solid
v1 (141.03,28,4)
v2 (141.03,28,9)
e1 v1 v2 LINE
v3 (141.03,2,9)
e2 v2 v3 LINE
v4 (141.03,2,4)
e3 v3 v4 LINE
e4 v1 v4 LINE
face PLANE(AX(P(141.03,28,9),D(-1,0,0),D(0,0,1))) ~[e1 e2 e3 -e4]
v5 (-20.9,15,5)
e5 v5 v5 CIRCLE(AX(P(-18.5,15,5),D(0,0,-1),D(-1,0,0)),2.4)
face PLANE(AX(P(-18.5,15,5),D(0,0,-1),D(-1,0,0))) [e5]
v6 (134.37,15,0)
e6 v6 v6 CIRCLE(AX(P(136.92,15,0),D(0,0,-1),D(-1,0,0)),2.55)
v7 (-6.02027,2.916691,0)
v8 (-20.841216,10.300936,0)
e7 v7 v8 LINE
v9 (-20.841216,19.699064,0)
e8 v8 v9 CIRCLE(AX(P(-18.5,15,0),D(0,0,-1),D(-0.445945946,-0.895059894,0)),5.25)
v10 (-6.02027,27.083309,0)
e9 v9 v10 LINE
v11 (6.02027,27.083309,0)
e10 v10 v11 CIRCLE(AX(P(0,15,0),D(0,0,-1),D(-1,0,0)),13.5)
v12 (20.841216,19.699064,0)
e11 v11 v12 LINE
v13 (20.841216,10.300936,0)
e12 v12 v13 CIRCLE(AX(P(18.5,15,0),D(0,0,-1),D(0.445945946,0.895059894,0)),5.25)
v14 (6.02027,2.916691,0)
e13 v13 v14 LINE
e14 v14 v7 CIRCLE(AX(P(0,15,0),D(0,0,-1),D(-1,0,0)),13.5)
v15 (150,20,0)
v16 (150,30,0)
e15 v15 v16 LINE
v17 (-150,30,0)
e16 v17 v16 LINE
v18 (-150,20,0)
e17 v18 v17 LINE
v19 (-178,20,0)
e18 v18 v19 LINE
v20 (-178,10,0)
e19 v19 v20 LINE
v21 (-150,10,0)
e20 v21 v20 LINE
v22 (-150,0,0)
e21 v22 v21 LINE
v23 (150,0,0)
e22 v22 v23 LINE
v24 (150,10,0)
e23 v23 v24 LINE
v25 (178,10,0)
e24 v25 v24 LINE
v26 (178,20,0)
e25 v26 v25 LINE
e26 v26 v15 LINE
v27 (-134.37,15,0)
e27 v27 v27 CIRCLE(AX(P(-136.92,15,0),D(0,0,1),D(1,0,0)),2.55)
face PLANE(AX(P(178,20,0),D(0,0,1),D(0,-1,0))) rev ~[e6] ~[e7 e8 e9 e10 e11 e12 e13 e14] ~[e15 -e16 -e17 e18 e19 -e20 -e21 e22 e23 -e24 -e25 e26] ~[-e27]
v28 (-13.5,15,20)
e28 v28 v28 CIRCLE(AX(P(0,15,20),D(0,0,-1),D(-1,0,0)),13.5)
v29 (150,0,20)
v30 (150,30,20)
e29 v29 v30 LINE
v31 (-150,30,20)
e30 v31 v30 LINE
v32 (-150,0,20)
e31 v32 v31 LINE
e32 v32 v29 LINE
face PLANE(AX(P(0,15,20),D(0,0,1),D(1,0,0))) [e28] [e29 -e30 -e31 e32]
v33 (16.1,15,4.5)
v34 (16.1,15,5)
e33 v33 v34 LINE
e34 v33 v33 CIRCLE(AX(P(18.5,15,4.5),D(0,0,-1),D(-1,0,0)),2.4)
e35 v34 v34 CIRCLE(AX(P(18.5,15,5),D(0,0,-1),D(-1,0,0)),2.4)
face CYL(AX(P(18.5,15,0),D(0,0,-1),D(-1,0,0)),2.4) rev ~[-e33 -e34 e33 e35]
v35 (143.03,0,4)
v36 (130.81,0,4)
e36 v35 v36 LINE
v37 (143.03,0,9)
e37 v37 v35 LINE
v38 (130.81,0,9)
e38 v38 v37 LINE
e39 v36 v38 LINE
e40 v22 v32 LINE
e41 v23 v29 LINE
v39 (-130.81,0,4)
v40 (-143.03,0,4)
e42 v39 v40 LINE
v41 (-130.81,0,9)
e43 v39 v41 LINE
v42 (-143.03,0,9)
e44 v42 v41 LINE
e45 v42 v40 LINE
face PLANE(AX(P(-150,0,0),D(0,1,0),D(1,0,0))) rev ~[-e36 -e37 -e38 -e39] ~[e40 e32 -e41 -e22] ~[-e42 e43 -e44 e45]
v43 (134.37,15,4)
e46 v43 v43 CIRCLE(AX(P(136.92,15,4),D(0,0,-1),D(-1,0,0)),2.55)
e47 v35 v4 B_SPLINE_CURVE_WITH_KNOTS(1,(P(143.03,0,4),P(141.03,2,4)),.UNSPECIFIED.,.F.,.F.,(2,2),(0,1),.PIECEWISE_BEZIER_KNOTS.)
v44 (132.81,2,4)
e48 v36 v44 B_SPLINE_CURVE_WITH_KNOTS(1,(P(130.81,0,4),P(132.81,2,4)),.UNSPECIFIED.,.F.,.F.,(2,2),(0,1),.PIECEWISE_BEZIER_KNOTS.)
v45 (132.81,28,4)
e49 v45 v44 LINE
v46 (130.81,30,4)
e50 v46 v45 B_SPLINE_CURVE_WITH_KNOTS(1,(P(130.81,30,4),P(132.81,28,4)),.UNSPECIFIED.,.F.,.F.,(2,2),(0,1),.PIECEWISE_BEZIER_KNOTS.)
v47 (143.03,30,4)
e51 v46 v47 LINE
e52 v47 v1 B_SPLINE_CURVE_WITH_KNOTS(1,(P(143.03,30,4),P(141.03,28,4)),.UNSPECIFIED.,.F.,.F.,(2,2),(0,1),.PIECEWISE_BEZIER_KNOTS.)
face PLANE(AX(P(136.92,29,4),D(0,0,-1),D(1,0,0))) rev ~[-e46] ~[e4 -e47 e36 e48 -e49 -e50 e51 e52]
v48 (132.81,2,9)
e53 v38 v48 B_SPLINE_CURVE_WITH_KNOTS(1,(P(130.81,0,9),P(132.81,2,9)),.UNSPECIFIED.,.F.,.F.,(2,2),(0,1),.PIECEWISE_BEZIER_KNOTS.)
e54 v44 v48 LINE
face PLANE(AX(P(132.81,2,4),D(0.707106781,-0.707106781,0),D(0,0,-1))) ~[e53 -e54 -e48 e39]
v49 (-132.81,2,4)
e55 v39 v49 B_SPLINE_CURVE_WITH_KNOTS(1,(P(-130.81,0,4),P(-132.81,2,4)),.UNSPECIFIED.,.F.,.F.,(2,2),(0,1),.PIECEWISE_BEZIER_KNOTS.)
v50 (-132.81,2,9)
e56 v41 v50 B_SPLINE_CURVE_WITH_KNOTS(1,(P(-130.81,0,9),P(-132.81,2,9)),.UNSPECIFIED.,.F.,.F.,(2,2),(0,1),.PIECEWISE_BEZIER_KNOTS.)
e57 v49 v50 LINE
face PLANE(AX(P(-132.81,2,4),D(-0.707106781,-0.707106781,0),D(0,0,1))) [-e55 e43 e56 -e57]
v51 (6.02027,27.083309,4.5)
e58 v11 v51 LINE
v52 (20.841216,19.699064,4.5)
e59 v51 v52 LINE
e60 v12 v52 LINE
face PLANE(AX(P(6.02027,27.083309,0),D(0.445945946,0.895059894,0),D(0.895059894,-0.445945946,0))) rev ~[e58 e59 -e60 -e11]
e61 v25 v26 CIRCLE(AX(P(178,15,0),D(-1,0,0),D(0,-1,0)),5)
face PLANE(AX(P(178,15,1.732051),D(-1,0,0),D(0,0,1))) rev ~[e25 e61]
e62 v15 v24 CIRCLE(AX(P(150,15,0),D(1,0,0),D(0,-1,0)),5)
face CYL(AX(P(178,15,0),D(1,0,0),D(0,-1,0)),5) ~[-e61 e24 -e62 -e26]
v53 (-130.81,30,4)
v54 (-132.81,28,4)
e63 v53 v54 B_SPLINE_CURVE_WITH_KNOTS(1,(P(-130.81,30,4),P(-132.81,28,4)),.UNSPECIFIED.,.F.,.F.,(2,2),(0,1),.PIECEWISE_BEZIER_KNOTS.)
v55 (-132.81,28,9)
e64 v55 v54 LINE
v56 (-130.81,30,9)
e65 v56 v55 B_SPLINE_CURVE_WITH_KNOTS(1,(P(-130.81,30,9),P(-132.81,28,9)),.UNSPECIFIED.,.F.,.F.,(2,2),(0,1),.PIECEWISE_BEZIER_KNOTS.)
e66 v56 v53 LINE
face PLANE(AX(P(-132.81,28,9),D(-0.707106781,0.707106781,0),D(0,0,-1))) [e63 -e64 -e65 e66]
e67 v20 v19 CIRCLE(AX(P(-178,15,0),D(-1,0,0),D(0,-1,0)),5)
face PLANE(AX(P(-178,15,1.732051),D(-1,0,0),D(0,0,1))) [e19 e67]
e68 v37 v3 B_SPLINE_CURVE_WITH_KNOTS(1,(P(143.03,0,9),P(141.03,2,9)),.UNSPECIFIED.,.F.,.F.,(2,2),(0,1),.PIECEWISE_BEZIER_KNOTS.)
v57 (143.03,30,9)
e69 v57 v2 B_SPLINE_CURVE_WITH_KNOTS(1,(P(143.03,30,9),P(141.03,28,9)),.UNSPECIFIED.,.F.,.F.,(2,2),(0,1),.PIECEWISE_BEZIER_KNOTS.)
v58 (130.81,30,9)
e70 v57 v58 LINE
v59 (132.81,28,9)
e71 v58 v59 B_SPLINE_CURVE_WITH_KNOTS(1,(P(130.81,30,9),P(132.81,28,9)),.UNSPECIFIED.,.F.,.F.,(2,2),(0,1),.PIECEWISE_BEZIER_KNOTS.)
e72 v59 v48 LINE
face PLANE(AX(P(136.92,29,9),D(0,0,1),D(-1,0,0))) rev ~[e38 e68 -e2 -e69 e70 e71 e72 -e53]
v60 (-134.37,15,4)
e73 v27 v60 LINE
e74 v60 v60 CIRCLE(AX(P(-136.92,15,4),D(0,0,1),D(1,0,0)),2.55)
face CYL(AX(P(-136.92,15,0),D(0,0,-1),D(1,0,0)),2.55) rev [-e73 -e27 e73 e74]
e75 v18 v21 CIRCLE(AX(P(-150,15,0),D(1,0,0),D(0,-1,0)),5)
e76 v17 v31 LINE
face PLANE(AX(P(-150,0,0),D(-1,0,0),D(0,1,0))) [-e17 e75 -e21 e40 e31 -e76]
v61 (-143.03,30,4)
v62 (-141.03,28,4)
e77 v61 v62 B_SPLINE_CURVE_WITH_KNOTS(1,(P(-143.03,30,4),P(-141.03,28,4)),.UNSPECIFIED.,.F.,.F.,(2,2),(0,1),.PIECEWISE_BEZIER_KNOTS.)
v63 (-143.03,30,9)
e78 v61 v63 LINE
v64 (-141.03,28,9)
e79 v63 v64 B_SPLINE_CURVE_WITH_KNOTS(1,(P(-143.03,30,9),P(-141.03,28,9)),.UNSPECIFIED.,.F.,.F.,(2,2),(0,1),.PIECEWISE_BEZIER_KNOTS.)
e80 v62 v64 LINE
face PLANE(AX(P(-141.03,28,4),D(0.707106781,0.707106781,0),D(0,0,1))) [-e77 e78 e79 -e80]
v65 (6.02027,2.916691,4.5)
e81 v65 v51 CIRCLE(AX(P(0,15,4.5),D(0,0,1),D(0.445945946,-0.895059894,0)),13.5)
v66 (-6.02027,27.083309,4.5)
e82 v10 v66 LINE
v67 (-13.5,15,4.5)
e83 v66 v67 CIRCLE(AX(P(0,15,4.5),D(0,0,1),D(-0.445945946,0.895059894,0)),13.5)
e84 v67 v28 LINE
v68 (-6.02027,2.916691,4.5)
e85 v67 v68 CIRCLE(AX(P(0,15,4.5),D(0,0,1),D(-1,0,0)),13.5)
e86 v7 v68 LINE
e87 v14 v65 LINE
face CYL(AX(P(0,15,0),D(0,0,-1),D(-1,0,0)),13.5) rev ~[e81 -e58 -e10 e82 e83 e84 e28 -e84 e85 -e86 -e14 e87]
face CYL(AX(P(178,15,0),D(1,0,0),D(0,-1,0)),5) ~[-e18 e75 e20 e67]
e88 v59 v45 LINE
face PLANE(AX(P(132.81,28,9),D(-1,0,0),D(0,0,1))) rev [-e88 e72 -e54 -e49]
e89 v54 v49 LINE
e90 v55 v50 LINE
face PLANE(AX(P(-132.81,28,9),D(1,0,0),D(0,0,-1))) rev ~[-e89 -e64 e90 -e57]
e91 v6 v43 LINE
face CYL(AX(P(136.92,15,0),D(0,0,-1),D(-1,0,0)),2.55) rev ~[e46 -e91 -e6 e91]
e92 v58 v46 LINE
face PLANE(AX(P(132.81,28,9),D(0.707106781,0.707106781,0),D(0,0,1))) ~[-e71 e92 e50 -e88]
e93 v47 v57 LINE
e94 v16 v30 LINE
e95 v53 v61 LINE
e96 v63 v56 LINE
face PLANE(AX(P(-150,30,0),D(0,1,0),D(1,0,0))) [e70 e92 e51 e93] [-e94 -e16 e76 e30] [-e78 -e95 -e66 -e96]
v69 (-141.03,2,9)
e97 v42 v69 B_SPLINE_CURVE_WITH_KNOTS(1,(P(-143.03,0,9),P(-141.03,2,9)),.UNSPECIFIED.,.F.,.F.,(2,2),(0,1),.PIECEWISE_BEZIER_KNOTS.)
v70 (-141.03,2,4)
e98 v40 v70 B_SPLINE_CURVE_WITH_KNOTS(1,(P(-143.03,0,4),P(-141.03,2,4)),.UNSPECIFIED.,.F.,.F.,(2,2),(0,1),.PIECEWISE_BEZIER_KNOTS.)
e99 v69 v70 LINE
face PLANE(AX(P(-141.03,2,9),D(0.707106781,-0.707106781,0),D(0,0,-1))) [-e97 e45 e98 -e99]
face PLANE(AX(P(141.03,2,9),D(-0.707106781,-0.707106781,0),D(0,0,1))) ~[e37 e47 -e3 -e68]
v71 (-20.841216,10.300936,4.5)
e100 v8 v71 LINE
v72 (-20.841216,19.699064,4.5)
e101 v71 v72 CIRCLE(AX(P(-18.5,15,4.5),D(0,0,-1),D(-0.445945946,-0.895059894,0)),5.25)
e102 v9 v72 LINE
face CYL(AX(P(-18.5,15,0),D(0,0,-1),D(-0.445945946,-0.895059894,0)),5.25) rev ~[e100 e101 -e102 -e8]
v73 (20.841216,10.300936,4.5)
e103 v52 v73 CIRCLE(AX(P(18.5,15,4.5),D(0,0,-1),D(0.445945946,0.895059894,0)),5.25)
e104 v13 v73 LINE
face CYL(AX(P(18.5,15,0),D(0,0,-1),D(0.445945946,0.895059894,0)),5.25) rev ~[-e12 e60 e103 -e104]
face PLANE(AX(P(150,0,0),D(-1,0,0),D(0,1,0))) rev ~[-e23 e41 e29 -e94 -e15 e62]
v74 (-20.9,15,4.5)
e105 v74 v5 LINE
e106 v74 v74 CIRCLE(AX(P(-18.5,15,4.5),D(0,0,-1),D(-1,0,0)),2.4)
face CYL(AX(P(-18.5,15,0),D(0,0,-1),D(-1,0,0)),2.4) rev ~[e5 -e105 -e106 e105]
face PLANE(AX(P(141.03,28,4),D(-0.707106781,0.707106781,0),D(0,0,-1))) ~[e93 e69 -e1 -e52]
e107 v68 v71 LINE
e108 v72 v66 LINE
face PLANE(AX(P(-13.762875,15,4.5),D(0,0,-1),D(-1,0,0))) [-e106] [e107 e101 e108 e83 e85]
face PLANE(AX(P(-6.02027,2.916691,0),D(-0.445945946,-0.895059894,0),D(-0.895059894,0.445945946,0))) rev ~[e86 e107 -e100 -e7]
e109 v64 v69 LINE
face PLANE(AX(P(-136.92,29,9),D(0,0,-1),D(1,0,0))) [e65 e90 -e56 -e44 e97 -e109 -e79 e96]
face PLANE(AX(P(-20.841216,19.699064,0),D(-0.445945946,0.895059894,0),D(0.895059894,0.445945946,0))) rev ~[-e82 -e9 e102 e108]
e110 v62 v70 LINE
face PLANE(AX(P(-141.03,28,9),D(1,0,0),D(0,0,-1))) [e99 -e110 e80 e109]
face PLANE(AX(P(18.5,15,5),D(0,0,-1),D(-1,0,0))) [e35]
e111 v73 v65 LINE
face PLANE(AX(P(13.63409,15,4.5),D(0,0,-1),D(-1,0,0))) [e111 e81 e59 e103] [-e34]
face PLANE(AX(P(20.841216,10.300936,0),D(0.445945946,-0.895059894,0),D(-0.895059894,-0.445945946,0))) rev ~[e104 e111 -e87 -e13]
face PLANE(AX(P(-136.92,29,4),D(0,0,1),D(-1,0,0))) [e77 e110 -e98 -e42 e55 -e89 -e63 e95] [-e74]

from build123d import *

# Parameters (mm, degrees)
SKETCH_1_W           = 300
SKETCH_1_H           = 30
EXTRUDE_1_DEPTH      = 20
EXTRUDE_2_DEPTH      = 28
EXTRUDE_2_DEPTH_BACK = 328
SKETCH_3_R           = 4
CUT_EXTRUDE_1_DEPTH  = 182.614977356
SKETCH_3_3_R         = 6
SKETCH_3_3_R_2       = 4
CUT_EXTRUDE_2_DEPTH  = 182.614977356
SKETCH_3_4_R         = 13.5
SKETCH_3_4_R_2       = 6
CUT_EXTRUDE_3_DEPTH  = 182.614977356
SKETCH_3_5_R         = 2.4
CUT_EXTRUDE_4_DEPTH  = 4.5
SKETCH_3_6_R         = 2.4
CUT_EXTRUDE_5_DEPTH  = 5
SKETCH_9_W           = 8.22
SKETCH_9_H           = 5
CUT_EXTRUDE_6_DEPTH  = 182.295339172
CUT_EXTRUDE_7_REACH  = 183.615
SKETCH_11_R          = 2.55


with BuildPart() as part:
    # 草图1 → 凸台-拉伸1 (new body)
    with BuildSketch(Plane.XY):
        with Locations((0, 15)):
            Rectangle(SKETCH_1_W, SKETCH_1_H)
    extrude(amount=EXTRUDE_1_DEPTH)

    # 草图2 → 凸台-拉伸2 (add, two sides: drawn at the far end of the back side and taken through both)
    with BuildSketch(Plane.ZY.offset(150).offset(-EXTRUDE_2_DEPTH_BACK)):
        with BuildLine():
            Line((0, 20), (0, 10))
            ThreePointArc((0, 10), (5, 15), (0, 20))
        make_face()
    extrude(amount=EXTRUDE_2_DEPTH + EXTRUDE_2_DEPTH_BACK)

    # 草图3 → 切除-拉伸1 (cut, through all)
    with BuildSketch(Plane(origin=(0, 0, 0), x_dir=(-1, 0, 0), z_dir=(0, 0, -1))):
        with Locations((0, 15)):
            Circle(SKETCH_3_R)
    extrude(amount=-CUT_EXTRUDE_1_DEPTH, mode=Mode.SUBTRACT)

    # 草图3<3> → 切除-拉伸2 (cut, through all)
    with BuildSketch(Plane(origin=(0, 0, 0), x_dir=(-1, 0, 0), z_dir=(0, 0, -1))):
        with Locations((0, 15)):
            Circle(SKETCH_3_3_R)
        with Locations((0, 15)):
            Circle(SKETCH_3_3_R_2, mode=Mode.SUBTRACT)
    extrude(amount=-CUT_EXTRUDE_2_DEPTH, mode=Mode.SUBTRACT)

    # 草图3<4> → 切除-拉伸3 (cut, through all)
    with BuildSketch(Plane(origin=(0, 0, 0), x_dir=(-1, 0, 0), z_dir=(0, 0, -1))):
        with Locations((0, 15)):
            Circle(SKETCH_3_4_R)
        with Locations((0, 15)):
            Circle(SKETCH_3_4_R_2, mode=Mode.SUBTRACT)
    extrude(amount=-CUT_EXTRUDE_3_DEPTH, mode=Mode.SUBTRACT)

    # 草图3<5> → 切除-拉伸4 (cut)
    # profile 1 of 2: a face of its own
    with BuildSketch(Plane(origin=(0, 0, 0), x_dir=(-1, 0, 0), z_dir=(0, 0, -1))):
        with BuildLine():
            ThreePointArc((-6.02027027, 2.916691435), (-13.5, 15), (-6.02027027, 27.083308565))
            Line((-6.02027027, 27.083308565), (-20.841216216, 19.699064442))
            ThreePointArc((-20.841216216, 19.699064442), (-23.75, 15), (-20.841216216, 10.300935558))
            Line((-20.841216216, 10.300935558), (-6.02027027, 2.916691435))
        make_face()
        with Locations((-18.5, 15)):
            Circle(SKETCH_3_5_R, mode=Mode.SUBTRACT)
    # profile 2 of 2: a face of its own
    with BuildSketch(Plane(origin=(0, 0, 0), x_dir=(-1, 0, 0), z_dir=(0, 0, -1))):
        with BuildLine():
            Line((20.841216216, 19.699064442), (6.02027027, 27.083308565))
            ThreePointArc((6.02027027, 27.083308565), (13.5, 15), (6.02027027, 2.916691435))
            Line((6.02027027, 2.916691435), (20.841216216, 10.300935558))
            ThreePointArc((20.841216216, 10.300935558), (23.75, 15), (20.841216216, 19.699064442))
        make_face()
        with Locations((18.5, 15)):
            Circle(SKETCH_3_5_R, mode=Mode.SUBTRACT)
    extrude(amount=-CUT_EXTRUDE_4_DEPTH, mode=Mode.SUBTRACT)

    # 草图3<6> → 切除-拉伸5 (cut)
    with BuildSketch(Plane(origin=(0, 0, 0), x_dir=(-1, 0, 0), z_dir=(0, 0, -1))):
        with Locations((18.5, 15)):
            Circle(SKETCH_3_6_R)
        with Locations((-18.5, 15)):
            Circle(SKETCH_3_6_R)
    extrude(amount=-CUT_EXTRUDE_5_DEPTH, mode=Mode.SUBTRACT)

    # 草图6 → 切除-放样2 section 0
    with BuildSketch(Plane.XZ):
        with BuildLine():
            Line((-143.03, 4), (-130.81, 4))
            Line((-130.81, 4), (-130.81, 9))
            Line((-130.81, 9), (-143.03, 9))
            Line((-143.03, 9), (-143.03, 4))
        make_face()
    # 草图7 → 切除-放样2 section 1
    with BuildSketch(Plane(origin=(0, 2, 0), x_dir=(-1, 0, 0), z_dir=(0, -1, 0))):
        with BuildLine():
            Line((132.81, -9), (141.03, -9))
            Line((141.03, -9), (141.03, -4))
            Line((141.03, -4), (132.81, -4))
            Line((132.81, -4), (132.81, -9))
        make_face()
    loft_2 = loft(mode=Mode.SUBTRACT)

    # 草图4 → 切除-放样3 section 0
    with BuildSketch(Plane(origin=(0, 30, 0), x_dir=(1, 0, 0), z_dir=(0, 1, 0))):
        with BuildLine():
            Line((-143.03, -9), (-130.81, -9))
            Line((-130.81, -9), (-130.81, -4))
            Line((-130.81, -4), (-143.03, -4))
            Line((-143.03, -4), (-143.03, -9))
        make_face()
    # 草图5 → 切除-放样3 section 1
    with BuildSketch(Plane(origin=(0, 28, 0), x_dir=(1, 0, 0), z_dir=(0, 1, 0))):
        with BuildLine():
            Line((-141.03, -9), (-132.81, -9))
            Line((-132.81, -9), (-132.81, -4))
            Line((-132.81, -4), (-141.03, -4))
            Line((-141.03, -4), (-141.03, -9))
        make_face()
    loft_3 = loft(mode=Mode.SUBTRACT)

    # 草图9 → 切除-拉伸6 (cut, through all)
    with BuildSketch(Plane(origin=(0, 28, 0), x_dir=(1, 0, 0), z_dir=(0, 1, 0))):
        with Locations((-136.92, -6.5)):
            Rectangle(SKETCH_9_W, SKETCH_9_H)
    cut_extrude_6 = extrude(amount=-CUT_EXTRUDE_6_DEPTH, mode=Mode.SUBTRACT)

    # 镜向2: 切除-放样2, 切除-放样3, 切除-拉伸6 across plane
    add(loft_2.mirror(Plane(origin=(0, 0, 0), x_dir=(0, 0, 1), z_dir=(1, 0, 0))), mode=Mode.SUBTRACT)
    add(loft_3.mirror(Plane(origin=(0, 0, 0), x_dir=(0, 0, 1), z_dir=(1, 0, 0))), mode=Mode.SUBTRACT)
    add(cut_extrude_6.mirror(Plane(origin=(0, 0, 0), x_dir=(0, 0, 1), z_dir=(1, 0, 0))), mode=Mode.SUBTRACT)

    # 草图11 → 切除-拉伸7 (cut, up to next)
    with BuildSketch(Plane(origin=(0, 0, 0), x_dir=(-1, 0, 0), z_dir=(0, 0, -1)), mode=Mode.PRIVATE) as cut_extrude_7_sk1:
        with Locations((-136.92, 15)):
            Circle(SKETCH_11_R)
    cut_extrude_7_tool1 = extrude(cut_extrude_7_sk1.sketch, amount=-CUT_EXTRUDE_7_REACH, mode=Mode.PRIVATE) & part.part
    cut_extrude_7 = cut_extrude_7_tool1.solids().sort_by_distance((136.92, 15, 0))[0]
    add(cut_extrude_7, mode=Mode.SUBTRACT)

    # 镜向3: 切除-拉伸7 across plane
    add(cut_extrude_7.mirror(Plane(origin=(0, 0, 0), x_dir=(0, 0, 1), z_dir=(1, 0, 0))), mode=Mode.SUBTRACT)


solid = part.part
